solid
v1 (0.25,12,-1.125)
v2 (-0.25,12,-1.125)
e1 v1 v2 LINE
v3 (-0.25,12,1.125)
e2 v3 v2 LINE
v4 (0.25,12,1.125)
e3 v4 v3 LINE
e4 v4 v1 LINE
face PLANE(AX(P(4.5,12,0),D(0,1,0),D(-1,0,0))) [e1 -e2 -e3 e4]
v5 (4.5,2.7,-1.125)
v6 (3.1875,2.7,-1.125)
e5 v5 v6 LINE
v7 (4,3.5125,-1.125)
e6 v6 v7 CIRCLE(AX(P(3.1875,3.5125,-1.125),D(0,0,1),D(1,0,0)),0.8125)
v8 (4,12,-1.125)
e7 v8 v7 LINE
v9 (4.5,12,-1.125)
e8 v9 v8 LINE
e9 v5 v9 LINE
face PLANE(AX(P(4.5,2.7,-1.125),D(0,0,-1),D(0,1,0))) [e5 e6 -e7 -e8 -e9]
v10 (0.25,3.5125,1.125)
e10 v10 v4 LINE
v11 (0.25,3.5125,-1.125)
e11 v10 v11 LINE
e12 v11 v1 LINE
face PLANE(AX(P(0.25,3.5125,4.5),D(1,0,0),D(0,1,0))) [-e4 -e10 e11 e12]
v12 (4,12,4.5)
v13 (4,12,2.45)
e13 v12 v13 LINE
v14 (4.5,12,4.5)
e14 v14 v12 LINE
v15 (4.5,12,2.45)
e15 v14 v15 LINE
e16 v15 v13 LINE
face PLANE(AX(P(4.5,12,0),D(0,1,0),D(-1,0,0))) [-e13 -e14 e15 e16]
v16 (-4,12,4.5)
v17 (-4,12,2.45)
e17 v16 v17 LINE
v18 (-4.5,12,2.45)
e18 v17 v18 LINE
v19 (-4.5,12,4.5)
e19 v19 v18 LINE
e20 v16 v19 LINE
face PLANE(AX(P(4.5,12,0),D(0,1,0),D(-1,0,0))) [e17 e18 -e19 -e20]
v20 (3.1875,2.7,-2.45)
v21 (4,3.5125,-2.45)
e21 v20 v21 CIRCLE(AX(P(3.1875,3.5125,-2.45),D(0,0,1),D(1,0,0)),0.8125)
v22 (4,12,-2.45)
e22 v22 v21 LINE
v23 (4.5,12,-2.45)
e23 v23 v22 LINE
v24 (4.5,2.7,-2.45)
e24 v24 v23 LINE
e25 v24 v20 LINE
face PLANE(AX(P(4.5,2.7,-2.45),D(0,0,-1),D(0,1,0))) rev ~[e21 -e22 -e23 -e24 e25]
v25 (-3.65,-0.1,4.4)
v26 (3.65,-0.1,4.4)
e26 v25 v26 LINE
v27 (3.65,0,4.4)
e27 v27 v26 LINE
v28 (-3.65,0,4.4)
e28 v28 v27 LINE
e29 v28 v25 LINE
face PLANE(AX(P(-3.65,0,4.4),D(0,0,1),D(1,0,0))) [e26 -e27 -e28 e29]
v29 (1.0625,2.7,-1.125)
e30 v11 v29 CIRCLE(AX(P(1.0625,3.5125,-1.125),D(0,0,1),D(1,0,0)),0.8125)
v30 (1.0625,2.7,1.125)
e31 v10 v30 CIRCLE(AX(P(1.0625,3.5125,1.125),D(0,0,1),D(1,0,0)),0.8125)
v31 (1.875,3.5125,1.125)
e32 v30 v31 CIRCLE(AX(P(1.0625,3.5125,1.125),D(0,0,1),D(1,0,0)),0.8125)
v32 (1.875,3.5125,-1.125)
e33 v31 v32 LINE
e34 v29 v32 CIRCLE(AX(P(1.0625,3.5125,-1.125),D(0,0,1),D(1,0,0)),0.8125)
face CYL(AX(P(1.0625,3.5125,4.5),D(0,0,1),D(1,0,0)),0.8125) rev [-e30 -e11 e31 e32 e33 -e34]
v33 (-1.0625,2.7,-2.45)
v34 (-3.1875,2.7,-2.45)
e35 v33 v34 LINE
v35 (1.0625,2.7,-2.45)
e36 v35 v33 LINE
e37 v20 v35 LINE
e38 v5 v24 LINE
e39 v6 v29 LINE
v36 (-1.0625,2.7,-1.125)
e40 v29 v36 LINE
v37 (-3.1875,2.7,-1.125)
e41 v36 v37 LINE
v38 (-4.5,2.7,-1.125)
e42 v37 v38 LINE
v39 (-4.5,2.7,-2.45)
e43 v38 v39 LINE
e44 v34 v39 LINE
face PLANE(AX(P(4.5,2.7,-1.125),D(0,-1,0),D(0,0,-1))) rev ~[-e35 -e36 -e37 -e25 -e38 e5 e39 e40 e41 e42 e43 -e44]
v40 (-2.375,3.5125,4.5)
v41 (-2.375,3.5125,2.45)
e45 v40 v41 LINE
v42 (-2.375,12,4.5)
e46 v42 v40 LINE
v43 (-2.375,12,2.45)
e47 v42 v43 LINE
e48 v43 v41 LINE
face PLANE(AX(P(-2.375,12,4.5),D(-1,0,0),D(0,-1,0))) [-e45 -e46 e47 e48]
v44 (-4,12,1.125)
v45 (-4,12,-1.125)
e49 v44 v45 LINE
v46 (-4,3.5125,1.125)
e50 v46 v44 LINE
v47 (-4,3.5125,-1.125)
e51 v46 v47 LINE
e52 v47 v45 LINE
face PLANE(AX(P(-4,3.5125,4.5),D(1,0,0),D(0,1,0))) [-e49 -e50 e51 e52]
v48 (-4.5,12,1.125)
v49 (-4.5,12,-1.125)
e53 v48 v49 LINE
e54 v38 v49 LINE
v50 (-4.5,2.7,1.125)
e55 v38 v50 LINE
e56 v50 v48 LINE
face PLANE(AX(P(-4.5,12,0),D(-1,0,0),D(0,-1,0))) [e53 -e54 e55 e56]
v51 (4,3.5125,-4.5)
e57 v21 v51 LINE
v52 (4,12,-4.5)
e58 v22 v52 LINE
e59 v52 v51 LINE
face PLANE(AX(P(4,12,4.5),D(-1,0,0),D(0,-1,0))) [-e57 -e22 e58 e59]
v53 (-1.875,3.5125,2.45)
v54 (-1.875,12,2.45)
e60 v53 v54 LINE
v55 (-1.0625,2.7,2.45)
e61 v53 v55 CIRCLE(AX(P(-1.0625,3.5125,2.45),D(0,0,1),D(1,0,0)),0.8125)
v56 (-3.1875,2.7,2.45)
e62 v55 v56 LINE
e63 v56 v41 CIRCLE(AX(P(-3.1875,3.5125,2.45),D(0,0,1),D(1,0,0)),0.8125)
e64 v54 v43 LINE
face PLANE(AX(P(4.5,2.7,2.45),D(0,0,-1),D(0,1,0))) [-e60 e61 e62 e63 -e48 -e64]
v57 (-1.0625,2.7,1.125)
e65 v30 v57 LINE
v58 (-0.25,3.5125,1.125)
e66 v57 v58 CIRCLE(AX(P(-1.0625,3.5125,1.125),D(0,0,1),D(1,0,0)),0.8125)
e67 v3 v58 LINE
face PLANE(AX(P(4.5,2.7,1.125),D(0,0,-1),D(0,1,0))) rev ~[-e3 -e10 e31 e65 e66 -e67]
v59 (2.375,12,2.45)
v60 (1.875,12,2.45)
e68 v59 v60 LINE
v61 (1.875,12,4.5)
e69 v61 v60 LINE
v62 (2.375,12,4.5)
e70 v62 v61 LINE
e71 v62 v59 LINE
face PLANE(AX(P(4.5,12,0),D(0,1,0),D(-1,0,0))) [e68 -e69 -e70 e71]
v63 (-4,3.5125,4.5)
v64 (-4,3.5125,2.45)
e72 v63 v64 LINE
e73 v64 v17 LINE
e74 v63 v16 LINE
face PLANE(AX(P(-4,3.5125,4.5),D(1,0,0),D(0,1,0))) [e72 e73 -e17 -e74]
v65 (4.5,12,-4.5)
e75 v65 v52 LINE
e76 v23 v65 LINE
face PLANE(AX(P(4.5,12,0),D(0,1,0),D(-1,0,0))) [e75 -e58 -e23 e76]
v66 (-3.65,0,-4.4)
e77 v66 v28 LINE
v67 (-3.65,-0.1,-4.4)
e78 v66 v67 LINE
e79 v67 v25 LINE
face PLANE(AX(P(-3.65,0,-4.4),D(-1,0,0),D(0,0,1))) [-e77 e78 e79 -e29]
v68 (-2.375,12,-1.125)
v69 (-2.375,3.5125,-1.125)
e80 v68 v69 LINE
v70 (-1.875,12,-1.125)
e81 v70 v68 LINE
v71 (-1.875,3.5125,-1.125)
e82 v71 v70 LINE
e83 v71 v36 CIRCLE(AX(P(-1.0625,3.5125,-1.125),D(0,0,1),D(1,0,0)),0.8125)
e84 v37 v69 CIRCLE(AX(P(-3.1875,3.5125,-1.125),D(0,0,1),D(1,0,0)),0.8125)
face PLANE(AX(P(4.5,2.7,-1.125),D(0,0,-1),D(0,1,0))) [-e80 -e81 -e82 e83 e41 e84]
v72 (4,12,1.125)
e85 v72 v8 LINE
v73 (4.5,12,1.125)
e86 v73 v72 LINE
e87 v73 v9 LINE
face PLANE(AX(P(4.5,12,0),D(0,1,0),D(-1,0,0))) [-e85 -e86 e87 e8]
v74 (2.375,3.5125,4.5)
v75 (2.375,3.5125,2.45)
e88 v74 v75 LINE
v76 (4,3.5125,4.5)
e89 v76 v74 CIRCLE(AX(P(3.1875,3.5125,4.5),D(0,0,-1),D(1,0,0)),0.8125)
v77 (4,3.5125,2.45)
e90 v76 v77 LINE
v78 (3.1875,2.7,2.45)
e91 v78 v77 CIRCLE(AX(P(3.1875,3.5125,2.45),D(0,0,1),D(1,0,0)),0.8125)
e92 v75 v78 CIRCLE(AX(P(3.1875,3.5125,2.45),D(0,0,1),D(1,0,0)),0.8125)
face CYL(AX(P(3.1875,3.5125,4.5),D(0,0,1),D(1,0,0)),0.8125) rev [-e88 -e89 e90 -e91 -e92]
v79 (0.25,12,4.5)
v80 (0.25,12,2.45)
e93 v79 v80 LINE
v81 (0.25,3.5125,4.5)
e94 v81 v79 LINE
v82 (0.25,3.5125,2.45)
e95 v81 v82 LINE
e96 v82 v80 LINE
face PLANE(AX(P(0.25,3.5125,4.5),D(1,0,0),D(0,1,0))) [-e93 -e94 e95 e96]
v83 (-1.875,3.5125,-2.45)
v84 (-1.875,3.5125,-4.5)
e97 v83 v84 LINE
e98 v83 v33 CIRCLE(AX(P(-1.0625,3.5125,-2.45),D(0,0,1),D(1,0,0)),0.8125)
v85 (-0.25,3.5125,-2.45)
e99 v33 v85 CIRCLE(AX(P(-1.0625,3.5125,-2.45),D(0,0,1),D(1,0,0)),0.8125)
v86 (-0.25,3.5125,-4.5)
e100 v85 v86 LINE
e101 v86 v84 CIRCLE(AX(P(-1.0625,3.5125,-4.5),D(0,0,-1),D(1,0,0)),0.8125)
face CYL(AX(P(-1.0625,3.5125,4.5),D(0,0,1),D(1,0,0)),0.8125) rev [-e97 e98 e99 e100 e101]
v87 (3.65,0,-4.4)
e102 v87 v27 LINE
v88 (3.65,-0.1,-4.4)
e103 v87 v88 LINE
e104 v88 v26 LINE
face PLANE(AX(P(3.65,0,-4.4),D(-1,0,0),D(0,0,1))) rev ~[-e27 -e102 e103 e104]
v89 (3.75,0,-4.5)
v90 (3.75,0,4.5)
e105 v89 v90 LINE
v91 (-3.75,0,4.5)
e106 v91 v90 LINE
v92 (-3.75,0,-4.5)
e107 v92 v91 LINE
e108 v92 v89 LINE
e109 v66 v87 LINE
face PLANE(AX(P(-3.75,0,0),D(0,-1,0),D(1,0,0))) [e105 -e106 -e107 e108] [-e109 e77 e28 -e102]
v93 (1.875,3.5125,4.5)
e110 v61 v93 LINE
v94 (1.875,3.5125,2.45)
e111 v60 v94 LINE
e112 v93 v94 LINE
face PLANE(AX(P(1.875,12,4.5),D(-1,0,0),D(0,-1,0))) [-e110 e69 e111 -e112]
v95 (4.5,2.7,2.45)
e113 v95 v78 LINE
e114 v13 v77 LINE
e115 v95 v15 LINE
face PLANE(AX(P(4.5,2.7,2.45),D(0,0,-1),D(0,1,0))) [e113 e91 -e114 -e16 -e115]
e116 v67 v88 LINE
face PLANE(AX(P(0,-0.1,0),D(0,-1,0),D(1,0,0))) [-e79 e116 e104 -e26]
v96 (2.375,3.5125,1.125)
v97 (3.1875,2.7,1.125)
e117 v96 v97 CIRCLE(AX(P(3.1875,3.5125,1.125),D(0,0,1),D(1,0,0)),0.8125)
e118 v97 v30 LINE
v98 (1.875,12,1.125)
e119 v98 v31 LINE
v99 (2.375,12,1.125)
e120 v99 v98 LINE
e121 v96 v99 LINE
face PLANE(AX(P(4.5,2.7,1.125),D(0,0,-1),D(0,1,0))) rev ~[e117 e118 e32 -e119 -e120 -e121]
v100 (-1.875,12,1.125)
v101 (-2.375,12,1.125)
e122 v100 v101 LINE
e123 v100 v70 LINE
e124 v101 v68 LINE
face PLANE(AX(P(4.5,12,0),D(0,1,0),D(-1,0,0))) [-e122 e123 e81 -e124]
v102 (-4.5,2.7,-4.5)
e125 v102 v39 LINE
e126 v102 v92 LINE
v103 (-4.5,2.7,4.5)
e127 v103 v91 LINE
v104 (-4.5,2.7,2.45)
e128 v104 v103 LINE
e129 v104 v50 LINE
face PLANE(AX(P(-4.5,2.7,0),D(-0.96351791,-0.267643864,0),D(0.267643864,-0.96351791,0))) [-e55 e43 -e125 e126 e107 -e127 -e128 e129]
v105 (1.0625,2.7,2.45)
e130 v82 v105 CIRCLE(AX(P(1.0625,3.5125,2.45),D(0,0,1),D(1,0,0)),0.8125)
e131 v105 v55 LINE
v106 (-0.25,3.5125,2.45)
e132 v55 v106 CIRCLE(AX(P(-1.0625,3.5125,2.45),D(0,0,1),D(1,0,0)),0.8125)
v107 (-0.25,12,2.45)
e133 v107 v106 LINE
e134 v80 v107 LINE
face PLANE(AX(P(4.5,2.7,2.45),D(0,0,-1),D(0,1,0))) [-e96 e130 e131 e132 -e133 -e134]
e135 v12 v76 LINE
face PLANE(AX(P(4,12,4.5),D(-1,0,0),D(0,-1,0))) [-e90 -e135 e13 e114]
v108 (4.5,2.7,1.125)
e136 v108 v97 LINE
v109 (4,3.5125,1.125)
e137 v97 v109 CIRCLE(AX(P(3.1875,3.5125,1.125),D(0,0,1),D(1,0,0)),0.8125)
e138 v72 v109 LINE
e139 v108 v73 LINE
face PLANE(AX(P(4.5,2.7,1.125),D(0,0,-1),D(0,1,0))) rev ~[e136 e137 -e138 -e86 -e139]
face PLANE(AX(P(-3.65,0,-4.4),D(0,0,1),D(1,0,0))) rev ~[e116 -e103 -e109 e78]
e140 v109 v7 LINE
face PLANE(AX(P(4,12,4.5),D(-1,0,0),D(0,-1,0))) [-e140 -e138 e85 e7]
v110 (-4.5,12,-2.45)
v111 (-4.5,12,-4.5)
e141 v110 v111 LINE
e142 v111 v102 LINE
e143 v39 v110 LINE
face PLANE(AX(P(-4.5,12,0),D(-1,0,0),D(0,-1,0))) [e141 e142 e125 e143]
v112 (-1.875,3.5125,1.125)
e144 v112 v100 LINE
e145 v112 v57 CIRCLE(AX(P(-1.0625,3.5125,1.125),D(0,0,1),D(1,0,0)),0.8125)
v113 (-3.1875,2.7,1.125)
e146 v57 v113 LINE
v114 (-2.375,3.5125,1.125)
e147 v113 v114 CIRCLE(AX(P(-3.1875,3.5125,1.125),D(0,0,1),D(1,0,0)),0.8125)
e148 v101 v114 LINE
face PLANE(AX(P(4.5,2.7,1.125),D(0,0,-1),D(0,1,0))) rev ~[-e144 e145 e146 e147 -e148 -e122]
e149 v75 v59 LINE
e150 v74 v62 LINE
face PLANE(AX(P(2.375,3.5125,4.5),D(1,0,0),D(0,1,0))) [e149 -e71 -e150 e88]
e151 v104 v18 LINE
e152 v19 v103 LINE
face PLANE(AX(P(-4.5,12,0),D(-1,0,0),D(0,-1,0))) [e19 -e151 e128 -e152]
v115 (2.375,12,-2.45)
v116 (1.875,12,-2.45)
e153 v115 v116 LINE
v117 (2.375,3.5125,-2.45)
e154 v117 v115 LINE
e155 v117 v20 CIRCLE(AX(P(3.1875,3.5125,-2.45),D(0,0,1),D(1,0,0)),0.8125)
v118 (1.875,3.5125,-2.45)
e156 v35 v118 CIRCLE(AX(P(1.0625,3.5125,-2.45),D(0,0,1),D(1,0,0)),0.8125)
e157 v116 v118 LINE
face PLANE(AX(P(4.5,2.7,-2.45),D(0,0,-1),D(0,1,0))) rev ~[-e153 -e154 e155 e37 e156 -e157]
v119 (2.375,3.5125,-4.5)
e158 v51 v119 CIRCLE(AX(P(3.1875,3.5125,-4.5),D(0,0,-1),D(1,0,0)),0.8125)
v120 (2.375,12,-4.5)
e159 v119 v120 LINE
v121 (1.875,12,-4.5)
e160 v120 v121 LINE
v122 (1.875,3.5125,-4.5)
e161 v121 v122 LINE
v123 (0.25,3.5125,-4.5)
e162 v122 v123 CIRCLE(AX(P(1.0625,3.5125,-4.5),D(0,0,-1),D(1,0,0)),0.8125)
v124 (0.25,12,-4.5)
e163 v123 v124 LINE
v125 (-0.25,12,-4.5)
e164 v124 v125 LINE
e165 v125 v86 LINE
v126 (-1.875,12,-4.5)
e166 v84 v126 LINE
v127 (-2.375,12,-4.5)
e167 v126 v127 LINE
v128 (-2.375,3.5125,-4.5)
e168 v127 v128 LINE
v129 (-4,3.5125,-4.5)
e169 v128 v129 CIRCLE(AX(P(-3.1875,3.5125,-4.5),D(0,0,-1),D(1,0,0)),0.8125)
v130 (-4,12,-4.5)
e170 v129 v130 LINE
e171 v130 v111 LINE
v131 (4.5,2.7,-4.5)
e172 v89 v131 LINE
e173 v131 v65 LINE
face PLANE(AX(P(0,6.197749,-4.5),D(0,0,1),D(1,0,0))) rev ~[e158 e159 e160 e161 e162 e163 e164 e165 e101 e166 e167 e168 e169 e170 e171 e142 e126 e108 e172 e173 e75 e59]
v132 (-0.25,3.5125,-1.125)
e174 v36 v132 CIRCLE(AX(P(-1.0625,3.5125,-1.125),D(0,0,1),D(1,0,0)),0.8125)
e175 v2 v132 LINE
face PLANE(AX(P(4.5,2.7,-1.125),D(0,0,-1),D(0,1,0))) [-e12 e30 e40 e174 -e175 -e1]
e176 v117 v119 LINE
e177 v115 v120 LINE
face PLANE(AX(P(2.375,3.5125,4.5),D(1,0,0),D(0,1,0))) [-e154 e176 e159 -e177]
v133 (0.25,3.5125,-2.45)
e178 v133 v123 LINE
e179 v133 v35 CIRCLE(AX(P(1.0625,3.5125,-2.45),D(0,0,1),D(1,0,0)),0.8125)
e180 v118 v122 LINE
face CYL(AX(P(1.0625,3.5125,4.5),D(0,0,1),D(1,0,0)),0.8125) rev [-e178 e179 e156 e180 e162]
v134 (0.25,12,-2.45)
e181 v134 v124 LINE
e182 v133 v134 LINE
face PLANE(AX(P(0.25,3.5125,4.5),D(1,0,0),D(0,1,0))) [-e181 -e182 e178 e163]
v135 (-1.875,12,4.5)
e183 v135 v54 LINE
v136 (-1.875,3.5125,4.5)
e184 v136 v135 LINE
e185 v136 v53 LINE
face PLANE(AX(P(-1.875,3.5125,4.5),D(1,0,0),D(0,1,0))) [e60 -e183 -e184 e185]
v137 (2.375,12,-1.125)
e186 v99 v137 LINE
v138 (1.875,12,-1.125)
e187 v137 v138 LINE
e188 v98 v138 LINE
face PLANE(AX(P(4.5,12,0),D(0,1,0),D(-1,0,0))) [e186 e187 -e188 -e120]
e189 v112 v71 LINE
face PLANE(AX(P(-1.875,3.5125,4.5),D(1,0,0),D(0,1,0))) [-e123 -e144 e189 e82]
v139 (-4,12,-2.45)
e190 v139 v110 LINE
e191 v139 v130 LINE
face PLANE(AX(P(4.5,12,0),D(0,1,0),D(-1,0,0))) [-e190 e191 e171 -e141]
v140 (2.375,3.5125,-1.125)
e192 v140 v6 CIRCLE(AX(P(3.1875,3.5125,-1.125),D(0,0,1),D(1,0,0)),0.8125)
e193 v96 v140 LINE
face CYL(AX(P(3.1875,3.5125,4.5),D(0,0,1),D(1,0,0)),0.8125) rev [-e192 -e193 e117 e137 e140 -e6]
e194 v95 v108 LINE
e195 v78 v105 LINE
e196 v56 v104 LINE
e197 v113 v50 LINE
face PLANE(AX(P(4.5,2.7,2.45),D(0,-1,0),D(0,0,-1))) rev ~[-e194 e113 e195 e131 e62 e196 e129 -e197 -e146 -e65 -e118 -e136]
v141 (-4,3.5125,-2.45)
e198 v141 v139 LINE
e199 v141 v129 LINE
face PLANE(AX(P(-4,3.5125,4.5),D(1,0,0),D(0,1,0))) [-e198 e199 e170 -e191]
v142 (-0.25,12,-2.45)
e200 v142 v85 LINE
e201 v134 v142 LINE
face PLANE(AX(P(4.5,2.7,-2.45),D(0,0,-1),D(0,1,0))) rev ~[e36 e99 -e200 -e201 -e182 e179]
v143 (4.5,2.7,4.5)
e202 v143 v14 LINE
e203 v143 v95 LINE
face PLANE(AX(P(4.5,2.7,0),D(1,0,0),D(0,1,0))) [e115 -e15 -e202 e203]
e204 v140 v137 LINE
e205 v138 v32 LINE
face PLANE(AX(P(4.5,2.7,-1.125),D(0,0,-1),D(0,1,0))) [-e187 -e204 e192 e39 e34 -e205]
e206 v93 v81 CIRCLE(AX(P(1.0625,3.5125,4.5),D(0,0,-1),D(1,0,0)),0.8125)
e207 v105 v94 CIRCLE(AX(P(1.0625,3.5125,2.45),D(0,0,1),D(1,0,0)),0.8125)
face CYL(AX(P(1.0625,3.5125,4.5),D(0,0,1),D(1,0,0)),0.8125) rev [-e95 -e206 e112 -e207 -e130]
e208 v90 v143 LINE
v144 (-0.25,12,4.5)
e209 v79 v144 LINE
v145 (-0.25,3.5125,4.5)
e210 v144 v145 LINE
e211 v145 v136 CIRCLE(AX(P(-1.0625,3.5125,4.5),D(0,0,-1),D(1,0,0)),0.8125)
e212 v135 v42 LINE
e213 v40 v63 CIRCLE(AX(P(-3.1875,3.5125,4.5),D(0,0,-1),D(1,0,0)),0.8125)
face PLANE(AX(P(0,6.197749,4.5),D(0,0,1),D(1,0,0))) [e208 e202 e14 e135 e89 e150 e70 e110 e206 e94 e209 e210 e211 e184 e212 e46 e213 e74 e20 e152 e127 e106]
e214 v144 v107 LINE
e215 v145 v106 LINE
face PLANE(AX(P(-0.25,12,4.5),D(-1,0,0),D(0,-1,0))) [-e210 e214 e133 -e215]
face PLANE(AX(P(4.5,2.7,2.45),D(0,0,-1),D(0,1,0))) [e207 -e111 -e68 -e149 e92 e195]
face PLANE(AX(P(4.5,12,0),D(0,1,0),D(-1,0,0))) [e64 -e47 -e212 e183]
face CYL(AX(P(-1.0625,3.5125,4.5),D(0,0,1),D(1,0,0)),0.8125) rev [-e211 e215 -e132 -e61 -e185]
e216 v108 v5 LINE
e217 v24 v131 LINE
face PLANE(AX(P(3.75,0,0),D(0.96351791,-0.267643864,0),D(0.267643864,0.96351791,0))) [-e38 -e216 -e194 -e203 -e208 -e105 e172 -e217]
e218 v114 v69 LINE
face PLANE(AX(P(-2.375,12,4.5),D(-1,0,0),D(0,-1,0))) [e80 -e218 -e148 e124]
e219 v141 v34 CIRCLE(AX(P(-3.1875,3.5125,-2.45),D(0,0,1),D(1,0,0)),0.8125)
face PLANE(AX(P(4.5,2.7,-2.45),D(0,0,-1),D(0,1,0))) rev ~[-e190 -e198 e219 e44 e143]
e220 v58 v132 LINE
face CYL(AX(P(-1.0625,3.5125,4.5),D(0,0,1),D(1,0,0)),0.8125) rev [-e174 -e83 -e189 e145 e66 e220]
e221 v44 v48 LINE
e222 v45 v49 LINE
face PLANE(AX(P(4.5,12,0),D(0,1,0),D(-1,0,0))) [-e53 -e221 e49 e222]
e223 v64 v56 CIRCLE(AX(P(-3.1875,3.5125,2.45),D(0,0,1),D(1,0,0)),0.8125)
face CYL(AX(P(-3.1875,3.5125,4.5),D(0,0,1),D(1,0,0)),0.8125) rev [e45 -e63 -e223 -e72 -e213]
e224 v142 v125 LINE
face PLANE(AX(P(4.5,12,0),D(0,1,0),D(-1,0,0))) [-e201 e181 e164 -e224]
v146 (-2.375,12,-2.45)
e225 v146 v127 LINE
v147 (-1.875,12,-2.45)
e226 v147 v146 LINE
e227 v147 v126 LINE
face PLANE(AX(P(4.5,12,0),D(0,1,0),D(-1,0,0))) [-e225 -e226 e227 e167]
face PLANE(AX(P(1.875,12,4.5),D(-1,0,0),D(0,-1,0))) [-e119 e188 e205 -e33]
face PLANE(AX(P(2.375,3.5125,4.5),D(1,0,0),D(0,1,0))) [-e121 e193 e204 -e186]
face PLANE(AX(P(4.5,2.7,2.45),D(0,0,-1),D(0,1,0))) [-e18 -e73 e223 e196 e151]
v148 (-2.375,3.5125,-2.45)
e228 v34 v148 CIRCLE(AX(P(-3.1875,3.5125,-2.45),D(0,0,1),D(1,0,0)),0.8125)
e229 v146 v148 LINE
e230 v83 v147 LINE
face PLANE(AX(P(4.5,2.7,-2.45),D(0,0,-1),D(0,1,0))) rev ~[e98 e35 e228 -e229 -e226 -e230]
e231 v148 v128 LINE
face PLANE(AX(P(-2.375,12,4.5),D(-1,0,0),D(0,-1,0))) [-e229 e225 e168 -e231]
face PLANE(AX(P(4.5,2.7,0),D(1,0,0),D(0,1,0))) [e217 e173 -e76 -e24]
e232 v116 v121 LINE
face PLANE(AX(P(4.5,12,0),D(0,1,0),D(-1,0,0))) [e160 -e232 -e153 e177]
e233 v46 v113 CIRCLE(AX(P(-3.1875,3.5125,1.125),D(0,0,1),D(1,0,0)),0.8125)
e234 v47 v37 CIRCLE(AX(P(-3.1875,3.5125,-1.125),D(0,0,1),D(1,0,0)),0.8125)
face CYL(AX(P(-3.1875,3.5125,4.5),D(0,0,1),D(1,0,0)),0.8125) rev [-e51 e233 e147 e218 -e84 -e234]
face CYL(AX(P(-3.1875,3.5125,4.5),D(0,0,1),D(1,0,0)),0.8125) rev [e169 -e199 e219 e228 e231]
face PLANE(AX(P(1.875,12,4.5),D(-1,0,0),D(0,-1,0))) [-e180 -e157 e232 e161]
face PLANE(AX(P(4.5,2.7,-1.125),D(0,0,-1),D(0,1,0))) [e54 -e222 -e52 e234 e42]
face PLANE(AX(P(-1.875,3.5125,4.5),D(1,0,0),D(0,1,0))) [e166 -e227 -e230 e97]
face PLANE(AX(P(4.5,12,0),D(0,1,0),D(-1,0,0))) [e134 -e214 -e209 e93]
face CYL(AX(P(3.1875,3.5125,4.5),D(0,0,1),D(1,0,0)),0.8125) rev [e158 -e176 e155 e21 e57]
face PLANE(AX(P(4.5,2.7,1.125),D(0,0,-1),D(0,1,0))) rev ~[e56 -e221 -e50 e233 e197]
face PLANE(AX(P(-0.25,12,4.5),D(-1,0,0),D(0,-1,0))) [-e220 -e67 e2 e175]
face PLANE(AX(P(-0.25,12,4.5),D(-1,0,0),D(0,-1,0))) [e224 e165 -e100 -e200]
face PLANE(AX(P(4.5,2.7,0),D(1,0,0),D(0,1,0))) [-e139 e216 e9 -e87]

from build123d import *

# Parameters (mm, degrees)
AUFSATZ_LINEAR_AUSTRAGEN1_DEPTH = 4.5
SCHNITT_LINEAR_AUSTRAGEN1_DEPTH = 9
SCHNITT_LINEAR_AUSTRAGEN2_REACH = 17.66
SKIZZE3_W                       = 1.325
SKIZZE3_H                       = 9.3
SKIZZE4_W                       = 7.3
SKIZZE4_H                       = 8.8
AUFSATZ_LINEAR_AUSTRAGEN2_DEPTH = 0.1


with BuildPart() as part:
    # Skizze1 → Aufsatz-Linear austragen1 (new, symmetric)
    with BuildSketch(Plane.XY):
        Polygon((-4.5, 12), (-4.5, 2.7), (-3.75, 0), (3.75, 0), (4.5, 2.7), (4.5, 12), align=None)
    extrude(amount=AUFSATZ_LINEAR_AUSTRAGEN1_DEPTH, both=True)

    # Skizze2 → Schnitt-Linear austragen1 (cut)
    with BuildSketch(Plane.XY.offset(4.5)):
        with BuildLine():
            Line((-2.375, 12), (-2.375, 3.5125))
            ThreePointArc((-2.375, 3.5125), (-3.1875, 2.7), (-4, 3.5125))
            Line((-4, 3.5125), (-4, 12))
            ThreePointArc((-4, 12), (-3.1875, 12.8125), (-2.375, 12))
        make_face()
        with BuildLine():
            Line((-0.25, 12), (-0.25, 3.5125))
            ThreePointArc((-0.25, 3.5125), (-1.0625, 2.7), (-1.875, 3.5125))
            Line((-1.875, 3.5125), (-1.875, 12))
            ThreePointArc((-1.875, 12), (-1.0625, 12.8125), (-0.25, 12))
        make_face()
        with BuildLine():
            Line((1.875, 12), (1.875, 3.5125))
            ThreePointArc((1.875, 3.5125), (1.0625, 2.7), (0.25, 3.5125))
            Line((0.25, 3.5125), (0.25, 12))
            ThreePointArc((0.25, 12), (1.0625, 12.8125), (1.875, 12))
        make_face()
        with BuildLine():
            Line((4, 12), (4, 3.5125))
            ThreePointArc((4, 3.5125), (3.1875, 2.7), (2.375, 3.5125))
            Line((2.375, 3.5125), (2.375, 12))
            ThreePointArc((2.375, 12), (3.1875, 12.8125), (4, 12))
        make_face()
    extrude(amount=-SCHNITT_LINEAR_AUSTRAGEN1_DEPTH, mode=Mode.SUBTRACT)

    # Schnitt-Linear austragen2: up to this face of the body (flat: up to its plane)
    schnitt_linear_austragen2_end = Plane(part.part.faces().sort_by_distance((-4.5, 7.35, 0))[0])
    # Skizze3 → Schnitt-Linear austragen2 (cut, up to the picked face)
    with BuildSketch(Plane(origin=(4.5, 0, 0), x_dir=(0, 0, -1), z_dir=(1, 0, 0)), mode=Mode.PRIVATE) as schnitt_linear_austragen2_sk1:
        with Locations((-1.7875, 7.35)):
            Rectangle(SKIZZE3_W, SKIZZE3_H)
    schnitt_linear_austragen2_tool1 = split(extrude(schnitt_linear_austragen2_sk1.sketch, amount=-SCHNITT_LINEAR_AUSTRAGEN2_REACH, mode=Mode.PRIVATE), bisect_by=schnitt_linear_austragen2_end, keep=Keep.BOTH, mode=Mode.PRIVATE)
    # Skizze3 → Schnitt-Linear austragen2 (cut, up to the picked face)
    with BuildSketch(Plane(origin=(4.5, 0, 0), x_dir=(0, 0, -1), z_dir=(1, 0, 0)), mode=Mode.PRIVATE) as schnitt_linear_austragen2_sk2:
        with Locations((1.7875, 7.35)):
            Rectangle(SKIZZE3_W, SKIZZE3_H)
    schnitt_linear_austragen2_tool2 = split(extrude(schnitt_linear_austragen2_sk2.sketch, amount=-SCHNITT_LINEAR_AUSTRAGEN2_REACH, mode=Mode.PRIVATE), bisect_by=schnitt_linear_austragen2_end, keep=Keep.BOTH, mode=Mode.PRIVATE)
    add(schnitt_linear_austragen2_tool1.solids().sort_by(Axis((4.5, 7.35, 1.7875), (-1, 0, 0)))[0], mode=Mode.SUBTRACT)
    add(schnitt_linear_austragen2_tool2.solids().sort_by(Axis((4.5, 7.35, -1.7875), (-1, 0, 0)))[0], mode=Mode.SUBTRACT)

    # Skizze4 → Aufsatz-Linear austragen2 (add)
    with BuildSketch(Plane.XZ):
        Rectangle(SKIZZE4_W, SKIZZE4_H)
    extrude(amount=AUFSATZ_LINEAR_AUSTRAGEN2_DEPTH)


solid = part.part
